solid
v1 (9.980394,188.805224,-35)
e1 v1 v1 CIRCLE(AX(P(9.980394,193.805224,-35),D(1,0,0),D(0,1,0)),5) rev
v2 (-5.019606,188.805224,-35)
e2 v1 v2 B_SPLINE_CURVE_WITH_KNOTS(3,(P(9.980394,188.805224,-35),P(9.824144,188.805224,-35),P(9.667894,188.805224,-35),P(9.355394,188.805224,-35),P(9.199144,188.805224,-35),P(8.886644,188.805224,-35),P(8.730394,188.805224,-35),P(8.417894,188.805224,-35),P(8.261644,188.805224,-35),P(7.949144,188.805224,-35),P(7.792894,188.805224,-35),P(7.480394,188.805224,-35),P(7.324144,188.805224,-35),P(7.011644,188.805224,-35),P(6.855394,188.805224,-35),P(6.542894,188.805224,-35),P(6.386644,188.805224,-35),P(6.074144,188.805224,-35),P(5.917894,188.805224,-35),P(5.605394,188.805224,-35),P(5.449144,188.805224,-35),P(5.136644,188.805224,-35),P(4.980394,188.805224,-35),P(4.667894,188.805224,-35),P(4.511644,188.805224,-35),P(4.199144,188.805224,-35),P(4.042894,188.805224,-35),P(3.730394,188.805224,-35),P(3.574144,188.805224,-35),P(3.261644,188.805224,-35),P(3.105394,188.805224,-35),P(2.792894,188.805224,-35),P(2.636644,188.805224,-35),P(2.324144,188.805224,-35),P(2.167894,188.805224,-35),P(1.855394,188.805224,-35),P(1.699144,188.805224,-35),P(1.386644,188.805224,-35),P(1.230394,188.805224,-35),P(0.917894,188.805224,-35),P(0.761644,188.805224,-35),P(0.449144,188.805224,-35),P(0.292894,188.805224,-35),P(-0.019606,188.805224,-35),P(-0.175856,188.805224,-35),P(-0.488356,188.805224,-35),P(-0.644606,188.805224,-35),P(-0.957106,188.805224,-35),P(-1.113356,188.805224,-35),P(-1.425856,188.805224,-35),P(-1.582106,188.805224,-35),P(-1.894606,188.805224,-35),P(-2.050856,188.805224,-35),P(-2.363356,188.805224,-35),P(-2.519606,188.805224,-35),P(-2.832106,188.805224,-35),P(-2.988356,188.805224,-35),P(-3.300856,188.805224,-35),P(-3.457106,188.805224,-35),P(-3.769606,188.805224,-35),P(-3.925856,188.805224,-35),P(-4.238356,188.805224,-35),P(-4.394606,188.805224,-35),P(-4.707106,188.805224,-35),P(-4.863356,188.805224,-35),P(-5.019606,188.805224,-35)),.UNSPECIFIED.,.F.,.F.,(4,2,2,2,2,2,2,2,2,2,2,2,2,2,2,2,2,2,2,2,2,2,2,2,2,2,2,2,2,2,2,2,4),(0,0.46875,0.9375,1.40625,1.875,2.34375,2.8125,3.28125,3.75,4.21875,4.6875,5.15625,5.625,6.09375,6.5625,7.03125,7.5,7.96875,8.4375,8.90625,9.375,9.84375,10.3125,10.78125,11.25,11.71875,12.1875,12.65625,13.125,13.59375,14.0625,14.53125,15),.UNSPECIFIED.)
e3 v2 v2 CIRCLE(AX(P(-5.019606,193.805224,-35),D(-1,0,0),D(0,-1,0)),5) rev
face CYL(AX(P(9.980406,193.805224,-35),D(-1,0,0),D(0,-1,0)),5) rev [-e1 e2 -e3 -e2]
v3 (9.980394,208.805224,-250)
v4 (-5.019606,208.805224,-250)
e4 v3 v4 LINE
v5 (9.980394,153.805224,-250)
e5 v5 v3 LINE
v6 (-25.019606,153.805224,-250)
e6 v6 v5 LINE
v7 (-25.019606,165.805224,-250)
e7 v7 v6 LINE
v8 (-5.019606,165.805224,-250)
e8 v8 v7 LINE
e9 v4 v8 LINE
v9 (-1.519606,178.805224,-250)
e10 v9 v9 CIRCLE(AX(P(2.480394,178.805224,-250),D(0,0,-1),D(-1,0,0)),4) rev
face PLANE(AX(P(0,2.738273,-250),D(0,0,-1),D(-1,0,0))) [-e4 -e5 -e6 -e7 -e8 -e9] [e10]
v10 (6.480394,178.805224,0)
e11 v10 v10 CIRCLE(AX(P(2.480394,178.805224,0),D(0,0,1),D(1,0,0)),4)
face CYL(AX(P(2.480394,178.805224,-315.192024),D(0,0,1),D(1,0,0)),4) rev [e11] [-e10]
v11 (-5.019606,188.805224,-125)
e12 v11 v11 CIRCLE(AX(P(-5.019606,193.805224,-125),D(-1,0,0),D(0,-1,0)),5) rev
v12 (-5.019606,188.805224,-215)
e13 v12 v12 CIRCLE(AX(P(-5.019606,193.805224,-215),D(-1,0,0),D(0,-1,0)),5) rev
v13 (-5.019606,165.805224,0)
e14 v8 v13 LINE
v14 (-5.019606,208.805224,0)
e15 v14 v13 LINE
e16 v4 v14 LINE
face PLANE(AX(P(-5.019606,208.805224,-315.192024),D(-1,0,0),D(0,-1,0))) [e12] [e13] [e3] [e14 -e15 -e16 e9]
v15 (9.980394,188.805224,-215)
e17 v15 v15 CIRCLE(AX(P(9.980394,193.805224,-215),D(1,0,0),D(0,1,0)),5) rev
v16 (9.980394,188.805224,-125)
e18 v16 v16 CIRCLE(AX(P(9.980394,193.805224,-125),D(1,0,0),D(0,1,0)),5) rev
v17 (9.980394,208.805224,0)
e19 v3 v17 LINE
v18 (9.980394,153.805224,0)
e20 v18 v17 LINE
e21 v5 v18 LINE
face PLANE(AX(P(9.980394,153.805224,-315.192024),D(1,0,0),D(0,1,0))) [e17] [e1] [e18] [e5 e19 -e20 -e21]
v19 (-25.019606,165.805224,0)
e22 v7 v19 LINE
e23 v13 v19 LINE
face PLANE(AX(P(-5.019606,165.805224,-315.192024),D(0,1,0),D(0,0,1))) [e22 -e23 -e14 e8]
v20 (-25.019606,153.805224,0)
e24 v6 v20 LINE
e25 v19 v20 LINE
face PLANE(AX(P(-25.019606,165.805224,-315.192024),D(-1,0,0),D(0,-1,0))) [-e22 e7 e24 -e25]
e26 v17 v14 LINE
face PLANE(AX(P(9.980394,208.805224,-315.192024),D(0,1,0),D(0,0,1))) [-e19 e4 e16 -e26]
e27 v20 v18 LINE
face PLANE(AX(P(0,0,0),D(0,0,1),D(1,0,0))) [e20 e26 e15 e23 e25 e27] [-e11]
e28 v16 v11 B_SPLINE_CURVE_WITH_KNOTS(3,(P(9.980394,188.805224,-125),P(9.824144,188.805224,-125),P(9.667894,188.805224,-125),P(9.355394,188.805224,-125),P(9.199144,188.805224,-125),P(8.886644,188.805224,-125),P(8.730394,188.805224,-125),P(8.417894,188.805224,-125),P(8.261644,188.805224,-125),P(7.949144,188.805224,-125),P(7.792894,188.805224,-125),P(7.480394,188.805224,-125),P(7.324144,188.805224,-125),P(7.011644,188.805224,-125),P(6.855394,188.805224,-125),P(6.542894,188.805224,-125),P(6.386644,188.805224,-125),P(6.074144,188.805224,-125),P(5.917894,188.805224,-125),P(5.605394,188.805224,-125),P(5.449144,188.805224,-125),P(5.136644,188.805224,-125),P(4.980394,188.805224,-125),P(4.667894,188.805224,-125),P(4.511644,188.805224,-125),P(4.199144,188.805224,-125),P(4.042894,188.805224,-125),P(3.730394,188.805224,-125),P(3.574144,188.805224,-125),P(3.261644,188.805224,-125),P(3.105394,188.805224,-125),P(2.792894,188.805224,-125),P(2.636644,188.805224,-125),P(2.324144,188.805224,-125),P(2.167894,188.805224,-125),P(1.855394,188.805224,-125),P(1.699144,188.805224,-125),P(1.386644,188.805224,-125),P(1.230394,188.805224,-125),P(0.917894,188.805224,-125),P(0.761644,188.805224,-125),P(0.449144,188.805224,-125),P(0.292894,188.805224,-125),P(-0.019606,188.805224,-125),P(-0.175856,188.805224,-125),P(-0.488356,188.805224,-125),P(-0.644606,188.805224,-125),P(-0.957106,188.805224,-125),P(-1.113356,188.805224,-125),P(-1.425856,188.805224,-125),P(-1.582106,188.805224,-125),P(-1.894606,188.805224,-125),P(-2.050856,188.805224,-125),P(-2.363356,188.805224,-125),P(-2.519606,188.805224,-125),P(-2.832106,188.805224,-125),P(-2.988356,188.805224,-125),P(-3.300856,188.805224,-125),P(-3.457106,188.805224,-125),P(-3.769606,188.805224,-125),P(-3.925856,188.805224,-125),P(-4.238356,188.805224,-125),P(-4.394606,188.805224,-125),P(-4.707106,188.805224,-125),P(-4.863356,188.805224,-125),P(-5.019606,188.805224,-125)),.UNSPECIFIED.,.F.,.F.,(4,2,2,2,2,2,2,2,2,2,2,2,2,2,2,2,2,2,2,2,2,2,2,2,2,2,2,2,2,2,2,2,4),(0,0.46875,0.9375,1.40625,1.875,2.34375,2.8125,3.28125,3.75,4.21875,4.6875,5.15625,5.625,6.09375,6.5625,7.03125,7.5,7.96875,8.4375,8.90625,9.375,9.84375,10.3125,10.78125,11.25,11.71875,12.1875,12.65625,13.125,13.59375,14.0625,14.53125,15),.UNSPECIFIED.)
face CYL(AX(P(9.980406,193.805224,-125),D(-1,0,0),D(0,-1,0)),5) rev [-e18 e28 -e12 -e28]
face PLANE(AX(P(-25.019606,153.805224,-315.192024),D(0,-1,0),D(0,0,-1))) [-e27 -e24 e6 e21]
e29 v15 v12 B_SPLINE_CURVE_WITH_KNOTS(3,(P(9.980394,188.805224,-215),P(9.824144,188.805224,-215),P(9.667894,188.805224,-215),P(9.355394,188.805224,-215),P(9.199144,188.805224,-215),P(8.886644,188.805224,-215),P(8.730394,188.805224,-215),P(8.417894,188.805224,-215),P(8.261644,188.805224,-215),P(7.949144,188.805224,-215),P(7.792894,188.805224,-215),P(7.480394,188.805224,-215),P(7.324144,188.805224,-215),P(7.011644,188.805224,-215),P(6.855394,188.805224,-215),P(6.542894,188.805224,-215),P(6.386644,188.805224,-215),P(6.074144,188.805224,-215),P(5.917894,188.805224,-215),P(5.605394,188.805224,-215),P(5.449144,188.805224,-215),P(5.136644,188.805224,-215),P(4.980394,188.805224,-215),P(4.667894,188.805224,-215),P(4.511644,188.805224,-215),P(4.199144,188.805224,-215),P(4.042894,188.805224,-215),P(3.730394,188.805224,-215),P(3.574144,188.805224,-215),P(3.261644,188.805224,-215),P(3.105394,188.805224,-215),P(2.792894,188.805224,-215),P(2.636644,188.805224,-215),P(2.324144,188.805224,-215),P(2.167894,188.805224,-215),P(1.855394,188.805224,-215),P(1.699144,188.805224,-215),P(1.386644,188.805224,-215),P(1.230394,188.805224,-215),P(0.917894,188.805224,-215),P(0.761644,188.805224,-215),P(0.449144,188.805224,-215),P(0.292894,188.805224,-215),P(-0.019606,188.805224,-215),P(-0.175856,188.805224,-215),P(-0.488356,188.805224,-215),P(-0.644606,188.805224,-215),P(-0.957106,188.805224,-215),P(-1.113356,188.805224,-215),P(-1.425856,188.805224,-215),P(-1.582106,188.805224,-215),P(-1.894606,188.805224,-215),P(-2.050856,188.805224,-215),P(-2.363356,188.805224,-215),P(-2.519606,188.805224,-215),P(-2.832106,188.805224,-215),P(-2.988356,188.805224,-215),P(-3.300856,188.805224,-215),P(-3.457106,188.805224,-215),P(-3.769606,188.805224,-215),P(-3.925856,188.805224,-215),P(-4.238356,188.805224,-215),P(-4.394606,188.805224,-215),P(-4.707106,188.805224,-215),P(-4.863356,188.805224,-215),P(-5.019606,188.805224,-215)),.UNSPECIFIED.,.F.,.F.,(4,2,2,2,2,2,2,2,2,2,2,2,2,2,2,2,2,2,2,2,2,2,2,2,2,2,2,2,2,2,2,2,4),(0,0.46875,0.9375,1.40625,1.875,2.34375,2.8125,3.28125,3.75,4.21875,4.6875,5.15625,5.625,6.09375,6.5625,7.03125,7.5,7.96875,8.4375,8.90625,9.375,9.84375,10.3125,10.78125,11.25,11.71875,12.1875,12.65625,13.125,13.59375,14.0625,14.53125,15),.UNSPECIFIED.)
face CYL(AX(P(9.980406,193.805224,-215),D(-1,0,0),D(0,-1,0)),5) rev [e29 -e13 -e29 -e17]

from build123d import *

# Parameters (mm, degrees)
SKETCH_1_R                      = 4
EXTRUDE_1_DEPTH                 = 250
CUT_EXTRUDE_1_REACH             = 329.604
SKETCH_2_R                      = 5
CUT_EXTRUDE_1_DIRECTION_2_DEPTH = 328.604367435


with BuildPart() as part:
    # 草圖1 → 填料-伸長1 (new body)
    with BuildSketch(Plane.XY):
        Polygon((-5.019605957, 208.805223982), (-5.019605957, 165.805223982), (-25.019605957, 165.805223982), (-25.019605957, 153.805223982), (9.980394043, 153.805223982), (9.980394043, 208.805223982), align=None)
        with Locations((2.480394043, 178.805223982)):
            Circle(SKETCH_1_R, mode=Mode.SUBTRACT)
    extrude(amount=-EXTRUDE_1_DEPTH)

    # 草圖2 → 除料-伸長1 (cut, up to next)
    with BuildSketch(Plane(origin=(9.980394043, 0, 0), x_dir=(0, 0, -1), z_dir=(1, 0, 0)), mode=Mode.PRIVATE) as cut_extrude_1_sk1:
        with Locations(Location((35, 193.805223982, 0), (0, 0, 270))):
            Circle(SKETCH_2_R)
    cut_extrude_1_tool1 = extrude(cut_extrude_1_sk1.sketch, amount=-CUT_EXTRUDE_1_REACH, mode=Mode.PRIVATE) & part.part
    # 草圖2 → 除料-伸長1 (cut, up to next)
    with BuildSketch(Plane(origin=(9.980394043, 0, 0), x_dir=(0, 0, -1), z_dir=(1, 0, 0)), mode=Mode.PRIVATE) as cut_extrude_1_sk2:
        with Locations(Location((125, 193.805223982, 0), (0, 0, 270))):
            Circle(SKETCH_2_R)
    cut_extrude_1_tool2 = extrude(cut_extrude_1_sk2.sketch, amount=-CUT_EXTRUDE_1_REACH, mode=Mode.PRIVATE) & part.part
    # 草圖2 → 除料-伸長1 (cut, up to next)
    with BuildSketch(Plane(origin=(9.980394043, 0, 0), x_dir=(0, 0, -1), z_dir=(1, 0, 0)), mode=Mode.PRIVATE) as cut_extrude_1_sk3:
        with Locations(Location((215, 193.805223982, 0), (0, 0, 270))):
            Circle(SKETCH_2_R)
    cut_extrude_1_tool3 = extrude(cut_extrude_1_sk3.sketch, amount=-CUT_EXTRUDE_1_REACH, mode=Mode.PRIVATE) & part.part
    add(cut_extrude_1_tool1.solids().sort_by_distance((9.980394, 193.805224, -35))[0], mode=Mode.SUBTRACT)
    add(cut_extrude_1_tool2.solids().sort_by_distance((9.980394, 193.805224, -125))[0], mode=Mode.SUBTRACT)
    add(cut_extrude_1_tool3.solids().sort_by_distance((9.980394, 193.805224, -215))[0], mode=Mode.SUBTRACT)

    # 草圖2 → 除料-伸長1 direction 2 (cut)
    with BuildSketch(Plane(origin=(9.980394043, 0, 0), x_dir=(0, 0, -1), z_dir=(1, 0, 0))):
        with Locations(Location((35, 193.805223982, 0), (0, 0, 270))):
            Circle(SKETCH_2_R)
        with Locations(Location((125, 193.805223982, 0), (0, 0, 270))):
            Circle(SKETCH_2_R)
        with Locations(Location((215, 193.805223982, 0), (0, 0, 270))):
            Circle(SKETCH_2_R)
    extrude(amount=CUT_EXTRUDE_1_DIRECTION_2_DEPTH, mode=Mode.SUBTRACT)


solid = part.part
